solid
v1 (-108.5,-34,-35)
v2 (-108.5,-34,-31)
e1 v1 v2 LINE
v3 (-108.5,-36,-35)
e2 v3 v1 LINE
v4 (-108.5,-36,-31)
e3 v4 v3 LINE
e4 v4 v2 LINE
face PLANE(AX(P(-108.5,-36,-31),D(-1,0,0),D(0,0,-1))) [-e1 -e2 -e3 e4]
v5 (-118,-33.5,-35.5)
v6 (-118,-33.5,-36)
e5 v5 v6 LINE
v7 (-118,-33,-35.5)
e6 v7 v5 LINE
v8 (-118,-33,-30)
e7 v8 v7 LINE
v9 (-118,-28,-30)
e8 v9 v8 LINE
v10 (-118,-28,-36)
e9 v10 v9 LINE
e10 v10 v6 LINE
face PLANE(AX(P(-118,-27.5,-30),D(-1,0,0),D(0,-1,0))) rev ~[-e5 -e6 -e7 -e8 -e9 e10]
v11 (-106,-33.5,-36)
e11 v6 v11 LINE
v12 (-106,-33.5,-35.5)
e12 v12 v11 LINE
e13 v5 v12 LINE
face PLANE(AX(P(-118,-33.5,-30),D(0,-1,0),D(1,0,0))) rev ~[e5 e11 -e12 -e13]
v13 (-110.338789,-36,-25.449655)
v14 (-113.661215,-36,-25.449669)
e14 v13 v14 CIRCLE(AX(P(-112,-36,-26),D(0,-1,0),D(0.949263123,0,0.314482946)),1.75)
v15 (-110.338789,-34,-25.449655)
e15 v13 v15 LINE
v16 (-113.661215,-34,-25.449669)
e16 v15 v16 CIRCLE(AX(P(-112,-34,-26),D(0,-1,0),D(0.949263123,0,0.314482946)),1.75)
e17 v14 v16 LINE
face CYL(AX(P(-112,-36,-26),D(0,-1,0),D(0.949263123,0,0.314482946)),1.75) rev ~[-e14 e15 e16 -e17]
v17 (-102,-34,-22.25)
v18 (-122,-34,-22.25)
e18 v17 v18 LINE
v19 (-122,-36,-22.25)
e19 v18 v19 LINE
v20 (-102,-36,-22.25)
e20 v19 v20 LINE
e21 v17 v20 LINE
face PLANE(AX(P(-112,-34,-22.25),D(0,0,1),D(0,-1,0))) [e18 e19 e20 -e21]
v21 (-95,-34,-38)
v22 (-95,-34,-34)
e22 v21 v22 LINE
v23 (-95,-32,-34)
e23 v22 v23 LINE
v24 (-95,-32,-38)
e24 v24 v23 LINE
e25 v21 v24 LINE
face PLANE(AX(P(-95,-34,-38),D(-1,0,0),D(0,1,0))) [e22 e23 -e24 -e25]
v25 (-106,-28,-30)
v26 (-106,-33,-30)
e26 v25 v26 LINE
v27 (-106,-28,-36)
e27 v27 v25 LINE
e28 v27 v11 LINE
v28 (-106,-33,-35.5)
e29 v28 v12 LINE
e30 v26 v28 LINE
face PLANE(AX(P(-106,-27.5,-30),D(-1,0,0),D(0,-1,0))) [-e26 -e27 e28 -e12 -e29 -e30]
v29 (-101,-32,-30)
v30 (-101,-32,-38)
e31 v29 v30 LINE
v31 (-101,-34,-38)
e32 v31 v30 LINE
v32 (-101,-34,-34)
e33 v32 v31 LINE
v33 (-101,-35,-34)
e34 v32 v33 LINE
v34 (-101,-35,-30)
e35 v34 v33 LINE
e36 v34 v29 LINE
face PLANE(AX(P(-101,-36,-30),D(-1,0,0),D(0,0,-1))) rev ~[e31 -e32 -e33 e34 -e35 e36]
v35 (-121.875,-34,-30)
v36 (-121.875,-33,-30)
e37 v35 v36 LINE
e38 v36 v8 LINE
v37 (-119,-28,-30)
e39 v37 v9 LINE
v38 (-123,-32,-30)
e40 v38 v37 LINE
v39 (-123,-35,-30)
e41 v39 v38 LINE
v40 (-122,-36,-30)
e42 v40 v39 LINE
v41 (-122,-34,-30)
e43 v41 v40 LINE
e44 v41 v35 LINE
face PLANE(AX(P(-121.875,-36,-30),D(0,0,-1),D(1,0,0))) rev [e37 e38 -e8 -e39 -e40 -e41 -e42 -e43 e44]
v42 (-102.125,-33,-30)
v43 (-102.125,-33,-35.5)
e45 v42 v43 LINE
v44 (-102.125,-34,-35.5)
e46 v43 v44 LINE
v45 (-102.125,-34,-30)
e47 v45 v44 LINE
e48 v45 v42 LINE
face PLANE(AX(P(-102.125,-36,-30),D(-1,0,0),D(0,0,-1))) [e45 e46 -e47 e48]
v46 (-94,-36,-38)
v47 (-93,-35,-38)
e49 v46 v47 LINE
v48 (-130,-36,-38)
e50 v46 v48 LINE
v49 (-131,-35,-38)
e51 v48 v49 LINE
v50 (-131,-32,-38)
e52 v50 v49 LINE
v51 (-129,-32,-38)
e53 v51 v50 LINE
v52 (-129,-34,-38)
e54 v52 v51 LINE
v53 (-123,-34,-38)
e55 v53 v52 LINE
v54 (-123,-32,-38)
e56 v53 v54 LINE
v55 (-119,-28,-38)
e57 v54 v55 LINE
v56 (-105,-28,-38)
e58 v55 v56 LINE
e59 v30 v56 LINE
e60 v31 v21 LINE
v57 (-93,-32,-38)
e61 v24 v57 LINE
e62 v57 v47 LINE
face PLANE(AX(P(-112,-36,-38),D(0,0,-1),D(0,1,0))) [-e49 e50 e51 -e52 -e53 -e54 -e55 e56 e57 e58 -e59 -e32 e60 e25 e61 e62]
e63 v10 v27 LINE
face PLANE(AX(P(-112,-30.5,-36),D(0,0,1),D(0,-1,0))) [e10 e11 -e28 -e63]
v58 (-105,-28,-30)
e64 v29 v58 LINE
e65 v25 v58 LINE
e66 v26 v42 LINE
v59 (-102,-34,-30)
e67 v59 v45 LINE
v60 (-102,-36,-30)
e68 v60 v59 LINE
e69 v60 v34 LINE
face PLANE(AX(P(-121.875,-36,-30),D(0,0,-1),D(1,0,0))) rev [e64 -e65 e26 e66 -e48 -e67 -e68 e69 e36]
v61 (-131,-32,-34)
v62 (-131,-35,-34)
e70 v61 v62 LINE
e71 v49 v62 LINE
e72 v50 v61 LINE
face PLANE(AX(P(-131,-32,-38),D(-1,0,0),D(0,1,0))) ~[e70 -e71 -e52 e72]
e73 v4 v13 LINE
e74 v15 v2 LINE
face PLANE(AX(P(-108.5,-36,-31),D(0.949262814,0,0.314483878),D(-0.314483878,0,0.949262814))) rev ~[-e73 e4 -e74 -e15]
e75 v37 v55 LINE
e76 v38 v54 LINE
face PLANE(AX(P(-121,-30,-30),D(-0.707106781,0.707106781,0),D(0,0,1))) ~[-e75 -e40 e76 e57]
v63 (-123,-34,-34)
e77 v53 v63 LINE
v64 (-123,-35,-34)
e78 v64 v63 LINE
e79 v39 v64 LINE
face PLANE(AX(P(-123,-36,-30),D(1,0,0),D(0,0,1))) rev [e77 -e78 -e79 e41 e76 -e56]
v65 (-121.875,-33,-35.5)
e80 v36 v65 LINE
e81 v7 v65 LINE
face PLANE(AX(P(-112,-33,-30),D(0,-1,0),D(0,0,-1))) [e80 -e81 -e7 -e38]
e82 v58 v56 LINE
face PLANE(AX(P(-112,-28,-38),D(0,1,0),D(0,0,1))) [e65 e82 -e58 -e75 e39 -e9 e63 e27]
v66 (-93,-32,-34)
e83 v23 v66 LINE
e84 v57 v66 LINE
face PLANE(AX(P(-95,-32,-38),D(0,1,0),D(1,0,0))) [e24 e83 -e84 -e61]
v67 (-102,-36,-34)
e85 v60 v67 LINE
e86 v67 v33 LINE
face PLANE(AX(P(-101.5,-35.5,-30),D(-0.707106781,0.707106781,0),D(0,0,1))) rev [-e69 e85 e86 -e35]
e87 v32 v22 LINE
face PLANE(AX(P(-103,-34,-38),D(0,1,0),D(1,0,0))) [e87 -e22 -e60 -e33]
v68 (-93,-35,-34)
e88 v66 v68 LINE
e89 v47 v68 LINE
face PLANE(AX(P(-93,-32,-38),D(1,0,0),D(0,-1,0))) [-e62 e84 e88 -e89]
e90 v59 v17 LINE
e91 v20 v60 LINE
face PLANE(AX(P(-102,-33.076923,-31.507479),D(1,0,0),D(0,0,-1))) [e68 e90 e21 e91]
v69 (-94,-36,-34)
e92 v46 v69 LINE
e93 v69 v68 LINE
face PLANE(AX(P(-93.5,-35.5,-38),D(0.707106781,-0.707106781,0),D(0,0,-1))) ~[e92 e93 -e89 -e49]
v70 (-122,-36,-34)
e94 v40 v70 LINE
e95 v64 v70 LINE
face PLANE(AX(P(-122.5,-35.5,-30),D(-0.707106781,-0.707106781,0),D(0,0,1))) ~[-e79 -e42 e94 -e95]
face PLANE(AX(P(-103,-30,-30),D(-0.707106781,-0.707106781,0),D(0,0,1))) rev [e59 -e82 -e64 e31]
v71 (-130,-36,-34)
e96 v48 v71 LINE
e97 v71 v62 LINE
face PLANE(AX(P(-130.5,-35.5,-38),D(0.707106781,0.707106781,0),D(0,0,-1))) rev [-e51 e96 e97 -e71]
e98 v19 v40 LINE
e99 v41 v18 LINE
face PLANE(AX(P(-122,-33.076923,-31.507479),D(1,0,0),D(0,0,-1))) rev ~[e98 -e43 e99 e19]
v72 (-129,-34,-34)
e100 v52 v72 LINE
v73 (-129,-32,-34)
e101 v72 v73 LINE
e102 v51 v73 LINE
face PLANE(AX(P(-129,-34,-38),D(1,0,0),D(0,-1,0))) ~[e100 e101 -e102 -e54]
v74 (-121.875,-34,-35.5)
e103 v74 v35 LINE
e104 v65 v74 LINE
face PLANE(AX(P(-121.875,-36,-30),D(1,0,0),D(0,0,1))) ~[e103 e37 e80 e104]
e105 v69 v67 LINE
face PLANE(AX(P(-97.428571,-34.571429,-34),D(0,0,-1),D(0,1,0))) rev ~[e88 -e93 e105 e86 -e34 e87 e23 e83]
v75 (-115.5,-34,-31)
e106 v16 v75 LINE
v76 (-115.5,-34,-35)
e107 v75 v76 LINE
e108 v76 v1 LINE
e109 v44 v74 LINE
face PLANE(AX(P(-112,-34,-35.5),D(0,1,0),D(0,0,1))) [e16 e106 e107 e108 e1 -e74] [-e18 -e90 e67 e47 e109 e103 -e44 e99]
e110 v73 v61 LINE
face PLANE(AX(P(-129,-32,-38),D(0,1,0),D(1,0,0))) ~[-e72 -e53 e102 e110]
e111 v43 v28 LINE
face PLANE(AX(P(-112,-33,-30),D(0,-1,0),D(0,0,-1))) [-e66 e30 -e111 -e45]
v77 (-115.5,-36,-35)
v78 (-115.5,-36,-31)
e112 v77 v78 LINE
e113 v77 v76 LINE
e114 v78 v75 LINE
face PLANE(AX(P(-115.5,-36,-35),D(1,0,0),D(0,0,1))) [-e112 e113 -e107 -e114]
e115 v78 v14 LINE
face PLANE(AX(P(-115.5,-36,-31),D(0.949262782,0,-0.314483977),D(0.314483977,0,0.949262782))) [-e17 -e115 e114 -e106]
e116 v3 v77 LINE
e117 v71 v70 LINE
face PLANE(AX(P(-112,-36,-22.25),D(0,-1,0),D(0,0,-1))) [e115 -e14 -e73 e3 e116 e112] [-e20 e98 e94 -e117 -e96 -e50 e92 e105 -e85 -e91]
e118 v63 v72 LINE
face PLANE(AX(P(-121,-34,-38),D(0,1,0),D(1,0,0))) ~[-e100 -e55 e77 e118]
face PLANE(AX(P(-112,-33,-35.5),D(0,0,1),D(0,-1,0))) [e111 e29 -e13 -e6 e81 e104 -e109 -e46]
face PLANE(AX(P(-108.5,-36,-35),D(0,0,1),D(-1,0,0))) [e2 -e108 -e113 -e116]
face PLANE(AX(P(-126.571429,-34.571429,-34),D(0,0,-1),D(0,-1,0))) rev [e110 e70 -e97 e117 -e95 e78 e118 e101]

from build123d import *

# Parameters (mm, degrees)
PAD012_DEPTH        = 10
SKETCH042_W         = 8
SKETCH042_H         = 1.125
PAD013_DEPTH        = 8
SKETCH043_W         = 6
SKETCH043_H         = 12
POCKET028_DEPTH     = 6
POCKET029_DEPTH     = 5
CHAMFER027_SIZE     = 1
CHAMFER028_SIZE     = 4
PAD014_DEPTH        = 4
CHAMFER029_SIZE     = 1
CLONE009_ROLL_ANGLE = -90


with BuildPart() as part:
    # Sketch041 → Pad012 (new body, symmetric)
    with BuildSketch(Plane.YZ):
        Polygon((-3.25, -21), (-3.25, -23), (12.5, -23), (12.5, -15), (4.5, -15), (4.5, -20), (10, -20), (10, -21), align=None)
    extrude(amount=PAD012_DEPTH, both=True)

    # Sketch042 → Pad013 (new body)
    with BuildSketch(Plane.YX.offset(23)):
        with Locations((8.5, 10.4375)):
            Rectangle(SKETCH042_W, SKETCH042_H)
    pad013 = extrude(amount=-PAD013_DEPTH)

    # Mirrored003: Pad013 across Sketch042 H_Axis
    add(pad013.mirror(Plane(origin=(0, 0, -23), x_dir=(0, 0, -1), z_dir=(1, 0, 0))))

    # Sketch043 → Pocket028 (cut)
    with BuildSketch(Plane(origin=(0, 4.5, 0), x_dir=(0, 0, -1), z_dir=(0, -1, 0))):
        with Locations((17.5, 0)):
            Rectangle(SKETCH043_W, SKETCH043_H)
    extrude(amount=-POCKET028_DEPTH, mode=Mode.SUBTRACT)

    # Sketch044 → Pocket029 (cut)
    with BuildSketch(Plane.YX.offset(23)):
        with BuildLine():
            Line((5.5, 3.5), (9.5, 3.5))
            Line((9.5, 3.5), (9.5, -3.5))
            Line((9.5, -3.5), (5.5, -3.5))
            Line((5.5, -3.5), (-0.050331, -1.661215))
            ThreePointArc((-0.050345, 1.661211), (-1.25, -7e-06), (-0.050331, -1.661215))
            Line((5.5, 3.5), (-0.050345, 1.661211))
        make_face()
    extrude(amount=-POCKET029_DEPTH, mode=Mode.SUBTRACT)

    # Chamfer027
    chamfer027_edges = [part.edges().sort_by_distance(p)[0] for p in [
        (11, 8.5, -23),
        (-11, 8.5, -23),
    ]]
    chamfer(chamfer027_edges, length=CHAMFER027_SIZE)

    # Chamfer028
    chamfer028_edges = [part.edges().sort_by_distance(p)[0] for p in [
        (-11, 8.5, -15),
        (11, 8.5, -15),
    ]]
    chamfer(chamfer028_edges, length=CHAMFER028_SIZE)

    # Sketch045 → Pad014 (new body)
    with BuildSketch(Plane.ZX.offset(12.5)):
        Polygon((-23, 9), (-21, 9), (-21, 17), (-19, 17), (-19, 19), (-23, 19), align=None)
    pad014 = extrude(amount=-PAD014_DEPTH)

    # Mirrored004: Pad014 across Sketch045 H_Axis
    add(pad014.mirror(Plane(origin=(0, 12.5, 0), x_dir=(0, 1, 0), z_dir=(1, 0, 0))))

    # Chamfer029
    chamfer029_edges = [part.edges().sort_by_distance(p)[0] for p in [
        (-19, 10.5, -23),
        (19, 10.5, -23),
    ]]
    chamfer(chamfer029_edges, length=CHAMFER029_SIZE)


with BuildPart() as part_1:
    # Clone009 roll: moved
    add(part.part.rotate(Axis((0, 0, 0), (1, 0, 0)), CLONE009_ROLL_ANGLE))


with BuildPart() as part_2:
    # Clone009 placement: moved
    add(part_1.part.moved(Location((-112, -13, -25.5))))


solid = part_2.part
